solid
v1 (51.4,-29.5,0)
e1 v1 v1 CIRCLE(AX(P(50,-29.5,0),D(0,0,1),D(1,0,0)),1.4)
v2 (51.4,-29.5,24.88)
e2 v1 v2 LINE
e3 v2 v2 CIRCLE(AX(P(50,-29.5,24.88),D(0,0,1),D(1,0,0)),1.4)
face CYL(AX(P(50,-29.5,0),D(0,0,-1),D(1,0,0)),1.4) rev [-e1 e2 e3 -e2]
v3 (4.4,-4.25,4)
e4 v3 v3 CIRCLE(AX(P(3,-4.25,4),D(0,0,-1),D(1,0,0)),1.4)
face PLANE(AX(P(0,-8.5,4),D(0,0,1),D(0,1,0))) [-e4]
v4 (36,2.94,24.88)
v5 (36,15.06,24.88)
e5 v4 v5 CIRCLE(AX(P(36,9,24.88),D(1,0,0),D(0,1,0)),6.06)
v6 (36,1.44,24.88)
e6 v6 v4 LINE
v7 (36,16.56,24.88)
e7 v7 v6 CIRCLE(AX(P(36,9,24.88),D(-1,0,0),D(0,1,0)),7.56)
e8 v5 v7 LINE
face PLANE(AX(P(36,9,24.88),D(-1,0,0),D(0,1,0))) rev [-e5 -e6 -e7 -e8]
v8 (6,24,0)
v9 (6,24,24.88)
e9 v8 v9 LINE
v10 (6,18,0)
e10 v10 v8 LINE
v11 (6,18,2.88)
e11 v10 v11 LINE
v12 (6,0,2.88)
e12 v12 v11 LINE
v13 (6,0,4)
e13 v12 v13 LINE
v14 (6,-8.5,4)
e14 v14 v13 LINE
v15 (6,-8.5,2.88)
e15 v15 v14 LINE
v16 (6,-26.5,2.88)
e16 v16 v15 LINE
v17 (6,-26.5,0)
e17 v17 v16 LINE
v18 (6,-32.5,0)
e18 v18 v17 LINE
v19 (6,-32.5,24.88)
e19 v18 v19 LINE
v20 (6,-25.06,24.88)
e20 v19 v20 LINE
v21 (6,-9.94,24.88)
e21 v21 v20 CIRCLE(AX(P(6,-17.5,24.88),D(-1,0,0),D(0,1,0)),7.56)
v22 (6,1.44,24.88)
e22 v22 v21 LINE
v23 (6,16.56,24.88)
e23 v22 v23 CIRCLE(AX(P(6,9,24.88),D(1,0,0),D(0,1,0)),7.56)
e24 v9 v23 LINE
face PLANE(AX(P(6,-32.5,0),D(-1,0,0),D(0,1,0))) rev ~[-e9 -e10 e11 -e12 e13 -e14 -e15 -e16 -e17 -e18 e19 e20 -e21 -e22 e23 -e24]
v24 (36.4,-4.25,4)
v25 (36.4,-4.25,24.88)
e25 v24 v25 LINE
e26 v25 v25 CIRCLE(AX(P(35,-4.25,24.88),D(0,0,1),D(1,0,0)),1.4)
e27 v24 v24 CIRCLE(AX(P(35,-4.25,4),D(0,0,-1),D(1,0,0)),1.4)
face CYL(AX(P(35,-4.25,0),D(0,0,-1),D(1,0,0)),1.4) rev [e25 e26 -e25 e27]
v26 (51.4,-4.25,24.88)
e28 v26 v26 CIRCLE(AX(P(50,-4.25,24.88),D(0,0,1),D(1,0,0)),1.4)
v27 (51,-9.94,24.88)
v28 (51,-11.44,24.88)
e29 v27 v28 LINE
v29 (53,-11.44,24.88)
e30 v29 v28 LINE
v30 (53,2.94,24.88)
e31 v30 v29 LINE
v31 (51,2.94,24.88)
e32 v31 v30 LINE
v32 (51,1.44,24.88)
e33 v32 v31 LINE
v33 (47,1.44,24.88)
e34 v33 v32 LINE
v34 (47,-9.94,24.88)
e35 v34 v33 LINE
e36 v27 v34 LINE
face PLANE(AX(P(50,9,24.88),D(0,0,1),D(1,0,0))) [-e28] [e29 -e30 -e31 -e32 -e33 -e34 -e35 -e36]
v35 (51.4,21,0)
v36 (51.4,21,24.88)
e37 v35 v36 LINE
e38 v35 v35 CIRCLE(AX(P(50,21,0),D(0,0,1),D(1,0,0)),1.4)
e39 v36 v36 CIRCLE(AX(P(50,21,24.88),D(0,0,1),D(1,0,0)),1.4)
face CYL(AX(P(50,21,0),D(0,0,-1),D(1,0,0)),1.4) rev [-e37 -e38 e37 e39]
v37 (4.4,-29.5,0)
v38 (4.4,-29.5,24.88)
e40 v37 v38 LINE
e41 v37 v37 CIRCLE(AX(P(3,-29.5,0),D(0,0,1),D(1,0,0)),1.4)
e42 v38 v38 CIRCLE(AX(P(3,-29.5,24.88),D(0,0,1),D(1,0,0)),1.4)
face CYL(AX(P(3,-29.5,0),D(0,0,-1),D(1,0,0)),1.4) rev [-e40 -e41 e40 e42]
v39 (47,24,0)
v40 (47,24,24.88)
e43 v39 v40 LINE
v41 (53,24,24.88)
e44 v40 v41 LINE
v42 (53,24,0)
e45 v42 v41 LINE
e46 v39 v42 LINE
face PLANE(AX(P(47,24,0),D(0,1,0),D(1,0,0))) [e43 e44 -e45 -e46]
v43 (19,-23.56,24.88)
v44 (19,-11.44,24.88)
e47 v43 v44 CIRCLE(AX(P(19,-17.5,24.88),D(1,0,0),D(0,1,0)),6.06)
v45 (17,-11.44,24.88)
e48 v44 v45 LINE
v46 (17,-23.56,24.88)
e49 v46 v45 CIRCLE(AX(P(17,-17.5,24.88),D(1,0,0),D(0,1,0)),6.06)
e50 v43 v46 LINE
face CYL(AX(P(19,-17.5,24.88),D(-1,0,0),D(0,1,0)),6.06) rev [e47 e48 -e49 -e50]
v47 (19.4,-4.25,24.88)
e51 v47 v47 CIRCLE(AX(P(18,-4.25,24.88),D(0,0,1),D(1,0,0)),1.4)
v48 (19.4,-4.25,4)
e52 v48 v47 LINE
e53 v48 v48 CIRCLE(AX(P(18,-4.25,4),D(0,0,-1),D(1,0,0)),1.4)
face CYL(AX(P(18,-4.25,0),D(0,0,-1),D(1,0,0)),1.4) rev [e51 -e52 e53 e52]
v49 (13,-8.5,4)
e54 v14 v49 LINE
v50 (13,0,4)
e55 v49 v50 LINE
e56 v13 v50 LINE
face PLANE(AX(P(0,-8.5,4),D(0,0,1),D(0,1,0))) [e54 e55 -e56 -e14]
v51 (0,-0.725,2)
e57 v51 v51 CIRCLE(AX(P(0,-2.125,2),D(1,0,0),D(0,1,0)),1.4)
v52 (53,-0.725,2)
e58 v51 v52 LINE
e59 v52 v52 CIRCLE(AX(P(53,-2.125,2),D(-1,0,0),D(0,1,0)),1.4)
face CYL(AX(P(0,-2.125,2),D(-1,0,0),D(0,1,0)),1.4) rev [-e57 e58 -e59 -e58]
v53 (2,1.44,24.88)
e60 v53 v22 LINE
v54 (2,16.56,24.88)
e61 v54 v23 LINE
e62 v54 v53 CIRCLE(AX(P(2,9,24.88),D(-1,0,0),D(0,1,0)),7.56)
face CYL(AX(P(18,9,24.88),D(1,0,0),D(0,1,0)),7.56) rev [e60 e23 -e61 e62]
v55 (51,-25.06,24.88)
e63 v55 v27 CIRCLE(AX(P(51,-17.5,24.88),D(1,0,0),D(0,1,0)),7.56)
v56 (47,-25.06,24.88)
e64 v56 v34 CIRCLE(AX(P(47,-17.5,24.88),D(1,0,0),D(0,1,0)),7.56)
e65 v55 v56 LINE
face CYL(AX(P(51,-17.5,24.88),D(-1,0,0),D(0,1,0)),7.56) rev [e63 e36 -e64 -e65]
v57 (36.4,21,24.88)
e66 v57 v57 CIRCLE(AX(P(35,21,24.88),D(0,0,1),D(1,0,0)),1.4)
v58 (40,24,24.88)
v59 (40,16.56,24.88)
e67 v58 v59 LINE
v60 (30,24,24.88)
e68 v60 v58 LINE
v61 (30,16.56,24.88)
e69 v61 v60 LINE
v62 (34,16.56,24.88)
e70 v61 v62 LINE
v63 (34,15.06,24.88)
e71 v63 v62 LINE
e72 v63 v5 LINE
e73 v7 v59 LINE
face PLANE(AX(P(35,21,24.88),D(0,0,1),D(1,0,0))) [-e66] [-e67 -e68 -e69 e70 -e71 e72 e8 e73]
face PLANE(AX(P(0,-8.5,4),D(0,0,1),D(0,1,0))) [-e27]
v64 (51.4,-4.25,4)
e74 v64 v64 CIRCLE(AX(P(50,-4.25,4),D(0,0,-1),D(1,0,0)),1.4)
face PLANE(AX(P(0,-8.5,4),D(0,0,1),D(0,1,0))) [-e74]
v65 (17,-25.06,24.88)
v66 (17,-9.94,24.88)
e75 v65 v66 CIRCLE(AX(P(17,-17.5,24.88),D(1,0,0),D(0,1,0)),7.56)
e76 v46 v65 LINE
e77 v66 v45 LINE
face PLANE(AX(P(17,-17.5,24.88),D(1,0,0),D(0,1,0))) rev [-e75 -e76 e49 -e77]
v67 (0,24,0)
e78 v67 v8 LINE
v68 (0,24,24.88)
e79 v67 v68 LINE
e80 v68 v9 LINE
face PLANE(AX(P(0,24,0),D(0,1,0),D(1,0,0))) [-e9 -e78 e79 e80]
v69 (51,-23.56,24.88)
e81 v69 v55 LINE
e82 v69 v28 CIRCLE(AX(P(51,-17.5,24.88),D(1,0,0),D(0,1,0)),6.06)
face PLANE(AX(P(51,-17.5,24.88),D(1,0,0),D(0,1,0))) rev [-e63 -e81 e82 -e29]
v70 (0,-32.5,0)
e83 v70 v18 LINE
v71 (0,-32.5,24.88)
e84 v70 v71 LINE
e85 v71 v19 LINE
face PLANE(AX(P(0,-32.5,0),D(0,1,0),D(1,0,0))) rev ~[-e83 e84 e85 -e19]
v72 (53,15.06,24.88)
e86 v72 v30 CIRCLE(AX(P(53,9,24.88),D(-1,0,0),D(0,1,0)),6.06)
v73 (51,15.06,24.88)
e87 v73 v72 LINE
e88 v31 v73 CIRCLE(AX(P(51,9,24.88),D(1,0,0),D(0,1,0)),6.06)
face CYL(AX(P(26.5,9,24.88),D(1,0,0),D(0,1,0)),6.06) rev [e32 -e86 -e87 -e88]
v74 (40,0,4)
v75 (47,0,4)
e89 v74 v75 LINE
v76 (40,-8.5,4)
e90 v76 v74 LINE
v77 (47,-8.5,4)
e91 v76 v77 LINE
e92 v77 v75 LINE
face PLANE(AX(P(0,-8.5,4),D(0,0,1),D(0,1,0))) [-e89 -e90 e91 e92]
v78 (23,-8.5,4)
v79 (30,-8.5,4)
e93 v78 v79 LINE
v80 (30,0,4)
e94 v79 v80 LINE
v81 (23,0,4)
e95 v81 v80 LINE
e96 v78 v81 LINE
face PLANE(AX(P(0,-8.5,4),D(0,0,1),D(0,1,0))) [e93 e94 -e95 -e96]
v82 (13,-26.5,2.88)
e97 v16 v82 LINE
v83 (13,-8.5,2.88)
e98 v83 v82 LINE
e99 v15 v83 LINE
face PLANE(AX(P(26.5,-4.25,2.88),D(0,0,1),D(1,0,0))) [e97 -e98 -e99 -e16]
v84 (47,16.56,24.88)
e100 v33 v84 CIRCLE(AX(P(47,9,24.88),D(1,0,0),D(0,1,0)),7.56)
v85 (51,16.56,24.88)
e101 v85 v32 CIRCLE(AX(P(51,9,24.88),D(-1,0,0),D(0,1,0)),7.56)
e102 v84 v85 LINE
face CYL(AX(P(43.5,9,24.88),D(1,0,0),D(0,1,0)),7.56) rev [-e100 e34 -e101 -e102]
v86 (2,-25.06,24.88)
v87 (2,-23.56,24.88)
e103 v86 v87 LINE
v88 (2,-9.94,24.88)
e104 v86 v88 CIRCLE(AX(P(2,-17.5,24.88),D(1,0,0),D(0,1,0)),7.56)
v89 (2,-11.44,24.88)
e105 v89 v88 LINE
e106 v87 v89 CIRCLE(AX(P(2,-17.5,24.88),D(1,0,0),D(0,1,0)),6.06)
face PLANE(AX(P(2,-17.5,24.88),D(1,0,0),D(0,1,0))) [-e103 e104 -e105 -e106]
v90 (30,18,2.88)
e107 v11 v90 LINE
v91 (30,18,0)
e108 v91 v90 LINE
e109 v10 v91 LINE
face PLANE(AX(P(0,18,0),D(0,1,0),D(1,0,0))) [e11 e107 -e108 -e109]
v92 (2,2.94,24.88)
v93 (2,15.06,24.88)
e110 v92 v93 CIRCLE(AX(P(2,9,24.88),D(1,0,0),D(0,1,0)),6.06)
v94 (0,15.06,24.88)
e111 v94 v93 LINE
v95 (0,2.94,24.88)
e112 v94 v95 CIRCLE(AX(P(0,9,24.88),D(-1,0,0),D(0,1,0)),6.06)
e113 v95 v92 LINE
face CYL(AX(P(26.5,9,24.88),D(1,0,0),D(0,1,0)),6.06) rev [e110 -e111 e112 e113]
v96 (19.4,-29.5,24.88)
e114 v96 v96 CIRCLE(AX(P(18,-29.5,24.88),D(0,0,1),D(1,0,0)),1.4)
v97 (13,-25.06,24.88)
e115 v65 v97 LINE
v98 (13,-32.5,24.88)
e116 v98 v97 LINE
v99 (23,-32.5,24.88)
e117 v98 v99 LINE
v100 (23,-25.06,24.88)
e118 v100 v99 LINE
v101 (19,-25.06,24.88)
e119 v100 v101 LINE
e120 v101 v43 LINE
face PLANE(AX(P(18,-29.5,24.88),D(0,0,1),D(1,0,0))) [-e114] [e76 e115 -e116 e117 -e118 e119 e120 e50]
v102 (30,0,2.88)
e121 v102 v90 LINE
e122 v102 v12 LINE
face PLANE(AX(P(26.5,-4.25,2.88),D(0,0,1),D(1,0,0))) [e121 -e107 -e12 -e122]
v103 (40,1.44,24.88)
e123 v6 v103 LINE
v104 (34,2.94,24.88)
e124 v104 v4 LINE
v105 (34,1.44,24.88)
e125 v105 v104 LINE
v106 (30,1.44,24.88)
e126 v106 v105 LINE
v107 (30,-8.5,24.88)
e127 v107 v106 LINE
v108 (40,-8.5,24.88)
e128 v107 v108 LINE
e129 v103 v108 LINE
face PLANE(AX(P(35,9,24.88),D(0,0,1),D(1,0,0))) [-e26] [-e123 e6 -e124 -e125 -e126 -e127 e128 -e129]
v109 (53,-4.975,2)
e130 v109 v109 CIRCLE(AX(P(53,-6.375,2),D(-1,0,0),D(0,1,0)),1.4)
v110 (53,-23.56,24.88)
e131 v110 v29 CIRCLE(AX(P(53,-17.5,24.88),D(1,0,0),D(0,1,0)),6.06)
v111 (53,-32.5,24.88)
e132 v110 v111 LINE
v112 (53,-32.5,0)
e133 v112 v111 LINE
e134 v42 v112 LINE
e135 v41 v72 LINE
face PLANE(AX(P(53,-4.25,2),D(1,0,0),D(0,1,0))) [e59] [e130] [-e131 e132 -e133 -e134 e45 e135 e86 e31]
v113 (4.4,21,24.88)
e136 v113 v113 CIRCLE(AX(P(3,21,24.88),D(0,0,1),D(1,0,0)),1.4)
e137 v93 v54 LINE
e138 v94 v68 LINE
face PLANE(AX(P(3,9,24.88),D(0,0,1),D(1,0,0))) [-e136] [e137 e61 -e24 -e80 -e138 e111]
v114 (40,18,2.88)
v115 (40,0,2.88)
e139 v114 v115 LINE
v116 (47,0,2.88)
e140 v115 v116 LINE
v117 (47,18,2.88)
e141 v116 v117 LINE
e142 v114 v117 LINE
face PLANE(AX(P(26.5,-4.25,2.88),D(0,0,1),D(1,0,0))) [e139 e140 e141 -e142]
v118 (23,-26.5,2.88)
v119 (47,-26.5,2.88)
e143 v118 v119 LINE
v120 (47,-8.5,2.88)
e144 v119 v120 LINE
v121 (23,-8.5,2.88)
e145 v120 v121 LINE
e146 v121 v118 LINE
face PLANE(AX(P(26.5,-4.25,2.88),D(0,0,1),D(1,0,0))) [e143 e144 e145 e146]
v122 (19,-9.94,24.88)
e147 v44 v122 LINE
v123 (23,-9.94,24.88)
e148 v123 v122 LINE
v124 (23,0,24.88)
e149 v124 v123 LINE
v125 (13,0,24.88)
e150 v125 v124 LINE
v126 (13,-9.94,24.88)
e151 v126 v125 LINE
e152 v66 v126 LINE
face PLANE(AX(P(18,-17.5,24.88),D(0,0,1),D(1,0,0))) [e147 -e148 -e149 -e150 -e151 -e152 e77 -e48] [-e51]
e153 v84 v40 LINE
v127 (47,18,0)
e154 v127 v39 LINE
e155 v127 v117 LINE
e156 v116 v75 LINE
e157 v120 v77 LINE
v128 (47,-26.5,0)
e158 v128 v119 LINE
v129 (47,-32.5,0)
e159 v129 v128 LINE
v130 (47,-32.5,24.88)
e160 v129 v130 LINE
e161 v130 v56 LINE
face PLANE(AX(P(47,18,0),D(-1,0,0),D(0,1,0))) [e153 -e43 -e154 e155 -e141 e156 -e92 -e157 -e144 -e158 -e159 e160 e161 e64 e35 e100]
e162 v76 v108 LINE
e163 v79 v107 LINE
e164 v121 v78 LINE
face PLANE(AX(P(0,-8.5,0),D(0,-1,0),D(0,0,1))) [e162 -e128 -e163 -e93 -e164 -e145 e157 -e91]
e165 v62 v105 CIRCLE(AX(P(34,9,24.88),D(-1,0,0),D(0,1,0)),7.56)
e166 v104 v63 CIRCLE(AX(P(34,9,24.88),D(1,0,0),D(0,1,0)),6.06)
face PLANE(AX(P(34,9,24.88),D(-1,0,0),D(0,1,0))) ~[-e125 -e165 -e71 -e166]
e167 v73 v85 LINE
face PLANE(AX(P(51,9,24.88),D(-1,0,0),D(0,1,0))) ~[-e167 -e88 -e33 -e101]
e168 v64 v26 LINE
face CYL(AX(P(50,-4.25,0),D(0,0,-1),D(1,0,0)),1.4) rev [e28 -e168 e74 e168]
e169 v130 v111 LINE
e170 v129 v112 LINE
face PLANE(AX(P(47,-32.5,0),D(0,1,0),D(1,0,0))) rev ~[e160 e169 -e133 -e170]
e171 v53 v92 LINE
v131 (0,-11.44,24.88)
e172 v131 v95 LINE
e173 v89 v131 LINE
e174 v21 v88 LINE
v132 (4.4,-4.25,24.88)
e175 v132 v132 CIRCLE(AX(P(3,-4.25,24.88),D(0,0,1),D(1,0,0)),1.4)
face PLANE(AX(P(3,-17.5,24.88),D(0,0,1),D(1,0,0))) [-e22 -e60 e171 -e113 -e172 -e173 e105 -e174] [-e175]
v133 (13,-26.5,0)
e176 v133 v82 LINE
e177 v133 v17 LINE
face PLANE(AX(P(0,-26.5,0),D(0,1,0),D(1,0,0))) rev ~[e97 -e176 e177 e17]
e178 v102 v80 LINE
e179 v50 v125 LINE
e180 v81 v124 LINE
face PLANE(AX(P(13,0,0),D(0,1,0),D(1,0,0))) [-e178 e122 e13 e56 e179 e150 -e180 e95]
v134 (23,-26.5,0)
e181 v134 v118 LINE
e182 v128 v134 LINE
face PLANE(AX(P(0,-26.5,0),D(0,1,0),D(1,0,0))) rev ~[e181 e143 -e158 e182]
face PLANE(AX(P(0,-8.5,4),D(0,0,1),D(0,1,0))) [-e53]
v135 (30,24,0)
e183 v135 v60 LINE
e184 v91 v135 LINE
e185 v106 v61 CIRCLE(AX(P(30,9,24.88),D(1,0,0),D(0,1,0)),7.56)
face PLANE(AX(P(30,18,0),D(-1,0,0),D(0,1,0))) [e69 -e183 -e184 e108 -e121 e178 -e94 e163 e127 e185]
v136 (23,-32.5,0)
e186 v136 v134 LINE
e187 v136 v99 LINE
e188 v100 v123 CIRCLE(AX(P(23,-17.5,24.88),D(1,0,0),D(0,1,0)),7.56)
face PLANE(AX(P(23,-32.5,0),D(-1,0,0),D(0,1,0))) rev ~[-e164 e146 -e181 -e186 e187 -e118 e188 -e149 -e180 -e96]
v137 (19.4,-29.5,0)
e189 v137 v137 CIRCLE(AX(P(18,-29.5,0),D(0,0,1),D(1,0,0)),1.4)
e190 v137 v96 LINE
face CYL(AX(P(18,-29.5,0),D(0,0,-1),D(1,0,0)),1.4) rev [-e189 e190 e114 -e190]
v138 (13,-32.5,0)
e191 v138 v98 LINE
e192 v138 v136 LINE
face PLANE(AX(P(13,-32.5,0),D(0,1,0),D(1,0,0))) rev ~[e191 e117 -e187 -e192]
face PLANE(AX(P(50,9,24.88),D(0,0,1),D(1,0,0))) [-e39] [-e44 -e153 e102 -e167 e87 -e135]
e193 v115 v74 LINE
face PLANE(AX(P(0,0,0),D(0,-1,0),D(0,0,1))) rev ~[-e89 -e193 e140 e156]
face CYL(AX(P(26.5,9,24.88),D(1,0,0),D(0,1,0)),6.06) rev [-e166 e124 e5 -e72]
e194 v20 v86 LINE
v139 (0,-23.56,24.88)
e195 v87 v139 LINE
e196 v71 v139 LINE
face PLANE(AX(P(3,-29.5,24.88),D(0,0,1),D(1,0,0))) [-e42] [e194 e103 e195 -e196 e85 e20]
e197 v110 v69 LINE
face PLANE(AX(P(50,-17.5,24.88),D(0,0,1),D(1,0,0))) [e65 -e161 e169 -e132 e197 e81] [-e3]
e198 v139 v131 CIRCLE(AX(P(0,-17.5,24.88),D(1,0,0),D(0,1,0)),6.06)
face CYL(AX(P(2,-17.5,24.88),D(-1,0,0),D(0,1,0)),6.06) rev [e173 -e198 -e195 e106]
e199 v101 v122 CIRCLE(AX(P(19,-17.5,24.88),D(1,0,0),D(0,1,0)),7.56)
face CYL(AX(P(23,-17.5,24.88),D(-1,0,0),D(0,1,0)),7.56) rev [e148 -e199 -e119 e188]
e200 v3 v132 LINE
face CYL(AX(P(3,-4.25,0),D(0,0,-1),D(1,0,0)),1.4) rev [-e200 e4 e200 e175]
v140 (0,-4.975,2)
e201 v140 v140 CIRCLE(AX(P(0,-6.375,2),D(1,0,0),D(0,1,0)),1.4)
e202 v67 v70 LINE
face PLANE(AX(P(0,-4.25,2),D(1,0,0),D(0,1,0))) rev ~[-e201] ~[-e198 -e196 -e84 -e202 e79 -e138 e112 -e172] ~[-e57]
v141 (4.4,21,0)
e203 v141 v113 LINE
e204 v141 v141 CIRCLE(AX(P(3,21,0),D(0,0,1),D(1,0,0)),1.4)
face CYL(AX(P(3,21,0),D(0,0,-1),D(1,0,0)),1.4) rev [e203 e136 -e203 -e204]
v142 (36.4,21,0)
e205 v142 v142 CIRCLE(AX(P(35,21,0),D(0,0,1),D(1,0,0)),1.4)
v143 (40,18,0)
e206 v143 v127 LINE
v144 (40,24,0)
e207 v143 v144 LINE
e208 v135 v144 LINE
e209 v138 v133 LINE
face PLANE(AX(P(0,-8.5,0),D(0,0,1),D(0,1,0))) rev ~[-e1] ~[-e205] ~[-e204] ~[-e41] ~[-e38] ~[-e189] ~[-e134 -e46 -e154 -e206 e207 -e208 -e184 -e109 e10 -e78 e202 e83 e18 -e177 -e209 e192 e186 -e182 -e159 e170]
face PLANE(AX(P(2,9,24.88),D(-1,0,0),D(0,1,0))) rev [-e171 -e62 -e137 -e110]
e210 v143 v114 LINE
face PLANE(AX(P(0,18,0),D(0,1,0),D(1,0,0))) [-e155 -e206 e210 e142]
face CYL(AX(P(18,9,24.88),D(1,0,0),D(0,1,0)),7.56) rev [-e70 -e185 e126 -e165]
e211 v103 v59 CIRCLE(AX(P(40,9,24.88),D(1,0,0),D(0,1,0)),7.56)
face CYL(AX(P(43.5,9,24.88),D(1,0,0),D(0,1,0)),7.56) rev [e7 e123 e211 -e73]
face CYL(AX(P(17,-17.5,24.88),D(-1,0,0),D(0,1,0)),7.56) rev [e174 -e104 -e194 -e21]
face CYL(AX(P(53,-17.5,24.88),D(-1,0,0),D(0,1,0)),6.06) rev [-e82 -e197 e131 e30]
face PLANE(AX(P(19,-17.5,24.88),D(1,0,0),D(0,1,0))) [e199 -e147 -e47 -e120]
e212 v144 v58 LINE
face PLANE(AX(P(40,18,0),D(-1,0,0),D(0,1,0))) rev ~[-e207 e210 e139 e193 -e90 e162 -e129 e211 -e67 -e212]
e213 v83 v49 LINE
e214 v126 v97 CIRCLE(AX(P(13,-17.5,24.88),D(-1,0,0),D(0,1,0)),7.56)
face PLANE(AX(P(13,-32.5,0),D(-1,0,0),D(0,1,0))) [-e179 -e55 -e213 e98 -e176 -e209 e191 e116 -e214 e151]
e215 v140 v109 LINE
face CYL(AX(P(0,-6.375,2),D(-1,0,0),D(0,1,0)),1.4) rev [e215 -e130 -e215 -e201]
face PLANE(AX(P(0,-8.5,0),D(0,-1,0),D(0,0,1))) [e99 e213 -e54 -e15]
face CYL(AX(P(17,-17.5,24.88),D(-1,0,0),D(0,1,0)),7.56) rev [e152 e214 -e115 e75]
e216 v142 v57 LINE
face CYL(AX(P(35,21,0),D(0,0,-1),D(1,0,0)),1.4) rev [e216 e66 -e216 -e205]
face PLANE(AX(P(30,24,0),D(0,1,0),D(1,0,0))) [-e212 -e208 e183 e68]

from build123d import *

# Parameters (mm, degrees)
SKETCH001_W   = 53
SKETCH001_H   = 44.5
PAD_DEPTH     = 2.88
SKETCH_W      = 6
SKETCH_H      = 18
SKETCH_W_2    = 10
PAD001_DEPTH  = 24.88
SKETCH002_W   = 53
SKETCH002_H   = 6.06
SKETCH003_W   = 32
SKETCH003_H   = 7.56
SKETCH003_W_2 = 15
SKETCH005_W   = 6
SKETCH005_H   = 6
SKETCH005_R   = 1.4
SKETCH005_W_2 = 10
SKETCH005_H_2 = 8.5
PAD002_DEPTH  = 24.88
SKETCH006_W   = 8.5
SKETCH006_H   = 4
PAD003_DEPTH  = 53
SKETCH007_R   = 1.4
POCKET_DEPTH  = 53.001


with BuildPart() as part:
    # Sketch001 → Pad (new body)
    with BuildSketch(Plane.XY):
        with Locations((26.5, -4.25)):
            Rectangle(SKETCH001_W, SKETCH001_H)
    extrude(amount=PAD_DEPTH)

    # Sketch → Pad001 (join)
    with BuildSketch(Plane.XY):
        with Locations((3, 9)):
            Rectangle(SKETCH_W, SKETCH_H)
        with Locations((35, 9)):
            Rectangle(SKETCH_W_2, SKETCH_H)
        with Locations((3, -17.5)):
            Rectangle(SKETCH_W, SKETCH_H)
        with Locations((18, -17.5)):
            Rectangle(SKETCH_W_2, SKETCH_H)
        with Locations((50, 9)):
            Rectangle(SKETCH_W, SKETCH_H)
        with Locations((50, -17.5)):
            Rectangle(SKETCH_W, SKETCH_H)
    extrude(amount=PAD001_DEPTH)

    # Sketch002 (on Face53 of Pad001) → Groove (revolve, cut)
    with BuildSketch(Plane.XY.offset(24.88)):
        with Locations((26.5, 12.03)):
            Rectangle(SKETCH002_W, SKETCH002_H)
    revolve(axis=Axis((0, 9, 24.88), (-1, 0, 0)), mode=Mode.SUBTRACT)

    # Sketch003 (on Face36 of Groove) → Groove001 (revolve, cut)
    with BuildSketch(Plane.XY.offset(24.88)):
        with Locations((18, 12.78)):
            Rectangle(SKETCH003_W, SKETCH003_H)
        with Locations((43.5, 12.78)):
            Rectangle(SKETCH003_W_2, SKETCH003_H)
    revolve(axis=Axis((0, 9, 24.88), (-1, 0, 0)), mode=Mode.SUBTRACT)

    # Sketch004 → Groove002 (revolve, cut)
    with BuildSketch(Plane.XY.offset(24.88)):
        Polygon((0, -17.5), (53, -17.5), (53, -11.44), (51, -11.44), (51, -9.94), (47, -9.94), (47, -11.44), (23, -11.44), (23, -9.94), (19, -9.94), (19, -11.44), (17, -11.44), (17, -9.94), (2, -9.94), (2, -11.44), (0, -11.44), align=None)
    revolve(axis=Axis((0, -17.5, 24.88), (1, 0, 0)), mode=Mode.SUBTRACT)

    # Sketch005 → Pad002 (join)
    with BuildSketch(Plane.XY):
        with Locations((3, -29.5)):
            Rectangle(SKETCH005_W, SKETCH005_H)
        with Locations((3, -29.5)):
            Circle(SKETCH005_R, mode=Mode.SUBTRACT)
        with Locations((18, -29.5)):
            Rectangle(SKETCH005_W_2, SKETCH005_H)
        with Locations((18, -29.5)):
            Circle(SKETCH005_R, mode=Mode.SUBTRACT)
        with Locations((50, -29.5)):
            Rectangle(SKETCH005_W, SKETCH005_H)
        with Locations((50, -29.5)):
            Circle(SKETCH005_R, mode=Mode.SUBTRACT)
        with Locations((3, 21)):
            Rectangle(SKETCH005_W, SKETCH005_H)
        with Locations((3, 21)):
            Circle(SKETCH005_R, mode=Mode.SUBTRACT)
        with Locations((35, 21)):
            Rectangle(SKETCH005_W_2, SKETCH005_H)
        with Locations((35, 21)):
            Circle(SKETCH005_R, mode=Mode.SUBTRACT)
        with Locations((50, 21)):
            Rectangle(SKETCH005_W, SKETCH005_H)
        with Locations((50, 21)):
            Circle(SKETCH005_R, mode=Mode.SUBTRACT)
        with Locations((3, -4.25)):
            Rectangle(SKETCH005_W, SKETCH005_H_2)
        with Locations((3, -4.25)):
            Circle(SKETCH005_R, mode=Mode.SUBTRACT)
        with Locations((18, -4.25)):
            Rectangle(SKETCH005_W_2, SKETCH005_H_2)
        with Locations((18, -4.25)):
            Circle(SKETCH005_R, mode=Mode.SUBTRACT)
        with Locations((35, -4.25)):
            Rectangle(SKETCH005_W_2, SKETCH005_H_2)
        with Locations((35, -4.25)):
            Circle(SKETCH005_R, mode=Mode.SUBTRACT)
        with Locations((50, -4.25)):
            Rectangle(SKETCH005_W, SKETCH005_H_2)
        with Locations((50, -4.25)):
            Circle(SKETCH005_R, mode=Mode.SUBTRACT)
    extrude(amount=PAD002_DEPTH)

    # Sketch006 → Pad003 (join)
    with BuildSketch(Plane.YZ):
        with Locations((-4.25, 2)):
            Rectangle(SKETCH006_W, SKETCH006_H)
    extrude(amount=PAD003_DEPTH)

    # Sketch007 → Pocket (cut, through all)
    with BuildSketch(Plane.YZ):
        with Locations((-2.125, 2)):
            Circle(SKETCH007_R)
        with Locations((-6.375, 2)):
            Circle(SKETCH007_R)
    extrude(amount=POCKET_DEPTH, mode=Mode.SUBTRACT)


solid = part.part
